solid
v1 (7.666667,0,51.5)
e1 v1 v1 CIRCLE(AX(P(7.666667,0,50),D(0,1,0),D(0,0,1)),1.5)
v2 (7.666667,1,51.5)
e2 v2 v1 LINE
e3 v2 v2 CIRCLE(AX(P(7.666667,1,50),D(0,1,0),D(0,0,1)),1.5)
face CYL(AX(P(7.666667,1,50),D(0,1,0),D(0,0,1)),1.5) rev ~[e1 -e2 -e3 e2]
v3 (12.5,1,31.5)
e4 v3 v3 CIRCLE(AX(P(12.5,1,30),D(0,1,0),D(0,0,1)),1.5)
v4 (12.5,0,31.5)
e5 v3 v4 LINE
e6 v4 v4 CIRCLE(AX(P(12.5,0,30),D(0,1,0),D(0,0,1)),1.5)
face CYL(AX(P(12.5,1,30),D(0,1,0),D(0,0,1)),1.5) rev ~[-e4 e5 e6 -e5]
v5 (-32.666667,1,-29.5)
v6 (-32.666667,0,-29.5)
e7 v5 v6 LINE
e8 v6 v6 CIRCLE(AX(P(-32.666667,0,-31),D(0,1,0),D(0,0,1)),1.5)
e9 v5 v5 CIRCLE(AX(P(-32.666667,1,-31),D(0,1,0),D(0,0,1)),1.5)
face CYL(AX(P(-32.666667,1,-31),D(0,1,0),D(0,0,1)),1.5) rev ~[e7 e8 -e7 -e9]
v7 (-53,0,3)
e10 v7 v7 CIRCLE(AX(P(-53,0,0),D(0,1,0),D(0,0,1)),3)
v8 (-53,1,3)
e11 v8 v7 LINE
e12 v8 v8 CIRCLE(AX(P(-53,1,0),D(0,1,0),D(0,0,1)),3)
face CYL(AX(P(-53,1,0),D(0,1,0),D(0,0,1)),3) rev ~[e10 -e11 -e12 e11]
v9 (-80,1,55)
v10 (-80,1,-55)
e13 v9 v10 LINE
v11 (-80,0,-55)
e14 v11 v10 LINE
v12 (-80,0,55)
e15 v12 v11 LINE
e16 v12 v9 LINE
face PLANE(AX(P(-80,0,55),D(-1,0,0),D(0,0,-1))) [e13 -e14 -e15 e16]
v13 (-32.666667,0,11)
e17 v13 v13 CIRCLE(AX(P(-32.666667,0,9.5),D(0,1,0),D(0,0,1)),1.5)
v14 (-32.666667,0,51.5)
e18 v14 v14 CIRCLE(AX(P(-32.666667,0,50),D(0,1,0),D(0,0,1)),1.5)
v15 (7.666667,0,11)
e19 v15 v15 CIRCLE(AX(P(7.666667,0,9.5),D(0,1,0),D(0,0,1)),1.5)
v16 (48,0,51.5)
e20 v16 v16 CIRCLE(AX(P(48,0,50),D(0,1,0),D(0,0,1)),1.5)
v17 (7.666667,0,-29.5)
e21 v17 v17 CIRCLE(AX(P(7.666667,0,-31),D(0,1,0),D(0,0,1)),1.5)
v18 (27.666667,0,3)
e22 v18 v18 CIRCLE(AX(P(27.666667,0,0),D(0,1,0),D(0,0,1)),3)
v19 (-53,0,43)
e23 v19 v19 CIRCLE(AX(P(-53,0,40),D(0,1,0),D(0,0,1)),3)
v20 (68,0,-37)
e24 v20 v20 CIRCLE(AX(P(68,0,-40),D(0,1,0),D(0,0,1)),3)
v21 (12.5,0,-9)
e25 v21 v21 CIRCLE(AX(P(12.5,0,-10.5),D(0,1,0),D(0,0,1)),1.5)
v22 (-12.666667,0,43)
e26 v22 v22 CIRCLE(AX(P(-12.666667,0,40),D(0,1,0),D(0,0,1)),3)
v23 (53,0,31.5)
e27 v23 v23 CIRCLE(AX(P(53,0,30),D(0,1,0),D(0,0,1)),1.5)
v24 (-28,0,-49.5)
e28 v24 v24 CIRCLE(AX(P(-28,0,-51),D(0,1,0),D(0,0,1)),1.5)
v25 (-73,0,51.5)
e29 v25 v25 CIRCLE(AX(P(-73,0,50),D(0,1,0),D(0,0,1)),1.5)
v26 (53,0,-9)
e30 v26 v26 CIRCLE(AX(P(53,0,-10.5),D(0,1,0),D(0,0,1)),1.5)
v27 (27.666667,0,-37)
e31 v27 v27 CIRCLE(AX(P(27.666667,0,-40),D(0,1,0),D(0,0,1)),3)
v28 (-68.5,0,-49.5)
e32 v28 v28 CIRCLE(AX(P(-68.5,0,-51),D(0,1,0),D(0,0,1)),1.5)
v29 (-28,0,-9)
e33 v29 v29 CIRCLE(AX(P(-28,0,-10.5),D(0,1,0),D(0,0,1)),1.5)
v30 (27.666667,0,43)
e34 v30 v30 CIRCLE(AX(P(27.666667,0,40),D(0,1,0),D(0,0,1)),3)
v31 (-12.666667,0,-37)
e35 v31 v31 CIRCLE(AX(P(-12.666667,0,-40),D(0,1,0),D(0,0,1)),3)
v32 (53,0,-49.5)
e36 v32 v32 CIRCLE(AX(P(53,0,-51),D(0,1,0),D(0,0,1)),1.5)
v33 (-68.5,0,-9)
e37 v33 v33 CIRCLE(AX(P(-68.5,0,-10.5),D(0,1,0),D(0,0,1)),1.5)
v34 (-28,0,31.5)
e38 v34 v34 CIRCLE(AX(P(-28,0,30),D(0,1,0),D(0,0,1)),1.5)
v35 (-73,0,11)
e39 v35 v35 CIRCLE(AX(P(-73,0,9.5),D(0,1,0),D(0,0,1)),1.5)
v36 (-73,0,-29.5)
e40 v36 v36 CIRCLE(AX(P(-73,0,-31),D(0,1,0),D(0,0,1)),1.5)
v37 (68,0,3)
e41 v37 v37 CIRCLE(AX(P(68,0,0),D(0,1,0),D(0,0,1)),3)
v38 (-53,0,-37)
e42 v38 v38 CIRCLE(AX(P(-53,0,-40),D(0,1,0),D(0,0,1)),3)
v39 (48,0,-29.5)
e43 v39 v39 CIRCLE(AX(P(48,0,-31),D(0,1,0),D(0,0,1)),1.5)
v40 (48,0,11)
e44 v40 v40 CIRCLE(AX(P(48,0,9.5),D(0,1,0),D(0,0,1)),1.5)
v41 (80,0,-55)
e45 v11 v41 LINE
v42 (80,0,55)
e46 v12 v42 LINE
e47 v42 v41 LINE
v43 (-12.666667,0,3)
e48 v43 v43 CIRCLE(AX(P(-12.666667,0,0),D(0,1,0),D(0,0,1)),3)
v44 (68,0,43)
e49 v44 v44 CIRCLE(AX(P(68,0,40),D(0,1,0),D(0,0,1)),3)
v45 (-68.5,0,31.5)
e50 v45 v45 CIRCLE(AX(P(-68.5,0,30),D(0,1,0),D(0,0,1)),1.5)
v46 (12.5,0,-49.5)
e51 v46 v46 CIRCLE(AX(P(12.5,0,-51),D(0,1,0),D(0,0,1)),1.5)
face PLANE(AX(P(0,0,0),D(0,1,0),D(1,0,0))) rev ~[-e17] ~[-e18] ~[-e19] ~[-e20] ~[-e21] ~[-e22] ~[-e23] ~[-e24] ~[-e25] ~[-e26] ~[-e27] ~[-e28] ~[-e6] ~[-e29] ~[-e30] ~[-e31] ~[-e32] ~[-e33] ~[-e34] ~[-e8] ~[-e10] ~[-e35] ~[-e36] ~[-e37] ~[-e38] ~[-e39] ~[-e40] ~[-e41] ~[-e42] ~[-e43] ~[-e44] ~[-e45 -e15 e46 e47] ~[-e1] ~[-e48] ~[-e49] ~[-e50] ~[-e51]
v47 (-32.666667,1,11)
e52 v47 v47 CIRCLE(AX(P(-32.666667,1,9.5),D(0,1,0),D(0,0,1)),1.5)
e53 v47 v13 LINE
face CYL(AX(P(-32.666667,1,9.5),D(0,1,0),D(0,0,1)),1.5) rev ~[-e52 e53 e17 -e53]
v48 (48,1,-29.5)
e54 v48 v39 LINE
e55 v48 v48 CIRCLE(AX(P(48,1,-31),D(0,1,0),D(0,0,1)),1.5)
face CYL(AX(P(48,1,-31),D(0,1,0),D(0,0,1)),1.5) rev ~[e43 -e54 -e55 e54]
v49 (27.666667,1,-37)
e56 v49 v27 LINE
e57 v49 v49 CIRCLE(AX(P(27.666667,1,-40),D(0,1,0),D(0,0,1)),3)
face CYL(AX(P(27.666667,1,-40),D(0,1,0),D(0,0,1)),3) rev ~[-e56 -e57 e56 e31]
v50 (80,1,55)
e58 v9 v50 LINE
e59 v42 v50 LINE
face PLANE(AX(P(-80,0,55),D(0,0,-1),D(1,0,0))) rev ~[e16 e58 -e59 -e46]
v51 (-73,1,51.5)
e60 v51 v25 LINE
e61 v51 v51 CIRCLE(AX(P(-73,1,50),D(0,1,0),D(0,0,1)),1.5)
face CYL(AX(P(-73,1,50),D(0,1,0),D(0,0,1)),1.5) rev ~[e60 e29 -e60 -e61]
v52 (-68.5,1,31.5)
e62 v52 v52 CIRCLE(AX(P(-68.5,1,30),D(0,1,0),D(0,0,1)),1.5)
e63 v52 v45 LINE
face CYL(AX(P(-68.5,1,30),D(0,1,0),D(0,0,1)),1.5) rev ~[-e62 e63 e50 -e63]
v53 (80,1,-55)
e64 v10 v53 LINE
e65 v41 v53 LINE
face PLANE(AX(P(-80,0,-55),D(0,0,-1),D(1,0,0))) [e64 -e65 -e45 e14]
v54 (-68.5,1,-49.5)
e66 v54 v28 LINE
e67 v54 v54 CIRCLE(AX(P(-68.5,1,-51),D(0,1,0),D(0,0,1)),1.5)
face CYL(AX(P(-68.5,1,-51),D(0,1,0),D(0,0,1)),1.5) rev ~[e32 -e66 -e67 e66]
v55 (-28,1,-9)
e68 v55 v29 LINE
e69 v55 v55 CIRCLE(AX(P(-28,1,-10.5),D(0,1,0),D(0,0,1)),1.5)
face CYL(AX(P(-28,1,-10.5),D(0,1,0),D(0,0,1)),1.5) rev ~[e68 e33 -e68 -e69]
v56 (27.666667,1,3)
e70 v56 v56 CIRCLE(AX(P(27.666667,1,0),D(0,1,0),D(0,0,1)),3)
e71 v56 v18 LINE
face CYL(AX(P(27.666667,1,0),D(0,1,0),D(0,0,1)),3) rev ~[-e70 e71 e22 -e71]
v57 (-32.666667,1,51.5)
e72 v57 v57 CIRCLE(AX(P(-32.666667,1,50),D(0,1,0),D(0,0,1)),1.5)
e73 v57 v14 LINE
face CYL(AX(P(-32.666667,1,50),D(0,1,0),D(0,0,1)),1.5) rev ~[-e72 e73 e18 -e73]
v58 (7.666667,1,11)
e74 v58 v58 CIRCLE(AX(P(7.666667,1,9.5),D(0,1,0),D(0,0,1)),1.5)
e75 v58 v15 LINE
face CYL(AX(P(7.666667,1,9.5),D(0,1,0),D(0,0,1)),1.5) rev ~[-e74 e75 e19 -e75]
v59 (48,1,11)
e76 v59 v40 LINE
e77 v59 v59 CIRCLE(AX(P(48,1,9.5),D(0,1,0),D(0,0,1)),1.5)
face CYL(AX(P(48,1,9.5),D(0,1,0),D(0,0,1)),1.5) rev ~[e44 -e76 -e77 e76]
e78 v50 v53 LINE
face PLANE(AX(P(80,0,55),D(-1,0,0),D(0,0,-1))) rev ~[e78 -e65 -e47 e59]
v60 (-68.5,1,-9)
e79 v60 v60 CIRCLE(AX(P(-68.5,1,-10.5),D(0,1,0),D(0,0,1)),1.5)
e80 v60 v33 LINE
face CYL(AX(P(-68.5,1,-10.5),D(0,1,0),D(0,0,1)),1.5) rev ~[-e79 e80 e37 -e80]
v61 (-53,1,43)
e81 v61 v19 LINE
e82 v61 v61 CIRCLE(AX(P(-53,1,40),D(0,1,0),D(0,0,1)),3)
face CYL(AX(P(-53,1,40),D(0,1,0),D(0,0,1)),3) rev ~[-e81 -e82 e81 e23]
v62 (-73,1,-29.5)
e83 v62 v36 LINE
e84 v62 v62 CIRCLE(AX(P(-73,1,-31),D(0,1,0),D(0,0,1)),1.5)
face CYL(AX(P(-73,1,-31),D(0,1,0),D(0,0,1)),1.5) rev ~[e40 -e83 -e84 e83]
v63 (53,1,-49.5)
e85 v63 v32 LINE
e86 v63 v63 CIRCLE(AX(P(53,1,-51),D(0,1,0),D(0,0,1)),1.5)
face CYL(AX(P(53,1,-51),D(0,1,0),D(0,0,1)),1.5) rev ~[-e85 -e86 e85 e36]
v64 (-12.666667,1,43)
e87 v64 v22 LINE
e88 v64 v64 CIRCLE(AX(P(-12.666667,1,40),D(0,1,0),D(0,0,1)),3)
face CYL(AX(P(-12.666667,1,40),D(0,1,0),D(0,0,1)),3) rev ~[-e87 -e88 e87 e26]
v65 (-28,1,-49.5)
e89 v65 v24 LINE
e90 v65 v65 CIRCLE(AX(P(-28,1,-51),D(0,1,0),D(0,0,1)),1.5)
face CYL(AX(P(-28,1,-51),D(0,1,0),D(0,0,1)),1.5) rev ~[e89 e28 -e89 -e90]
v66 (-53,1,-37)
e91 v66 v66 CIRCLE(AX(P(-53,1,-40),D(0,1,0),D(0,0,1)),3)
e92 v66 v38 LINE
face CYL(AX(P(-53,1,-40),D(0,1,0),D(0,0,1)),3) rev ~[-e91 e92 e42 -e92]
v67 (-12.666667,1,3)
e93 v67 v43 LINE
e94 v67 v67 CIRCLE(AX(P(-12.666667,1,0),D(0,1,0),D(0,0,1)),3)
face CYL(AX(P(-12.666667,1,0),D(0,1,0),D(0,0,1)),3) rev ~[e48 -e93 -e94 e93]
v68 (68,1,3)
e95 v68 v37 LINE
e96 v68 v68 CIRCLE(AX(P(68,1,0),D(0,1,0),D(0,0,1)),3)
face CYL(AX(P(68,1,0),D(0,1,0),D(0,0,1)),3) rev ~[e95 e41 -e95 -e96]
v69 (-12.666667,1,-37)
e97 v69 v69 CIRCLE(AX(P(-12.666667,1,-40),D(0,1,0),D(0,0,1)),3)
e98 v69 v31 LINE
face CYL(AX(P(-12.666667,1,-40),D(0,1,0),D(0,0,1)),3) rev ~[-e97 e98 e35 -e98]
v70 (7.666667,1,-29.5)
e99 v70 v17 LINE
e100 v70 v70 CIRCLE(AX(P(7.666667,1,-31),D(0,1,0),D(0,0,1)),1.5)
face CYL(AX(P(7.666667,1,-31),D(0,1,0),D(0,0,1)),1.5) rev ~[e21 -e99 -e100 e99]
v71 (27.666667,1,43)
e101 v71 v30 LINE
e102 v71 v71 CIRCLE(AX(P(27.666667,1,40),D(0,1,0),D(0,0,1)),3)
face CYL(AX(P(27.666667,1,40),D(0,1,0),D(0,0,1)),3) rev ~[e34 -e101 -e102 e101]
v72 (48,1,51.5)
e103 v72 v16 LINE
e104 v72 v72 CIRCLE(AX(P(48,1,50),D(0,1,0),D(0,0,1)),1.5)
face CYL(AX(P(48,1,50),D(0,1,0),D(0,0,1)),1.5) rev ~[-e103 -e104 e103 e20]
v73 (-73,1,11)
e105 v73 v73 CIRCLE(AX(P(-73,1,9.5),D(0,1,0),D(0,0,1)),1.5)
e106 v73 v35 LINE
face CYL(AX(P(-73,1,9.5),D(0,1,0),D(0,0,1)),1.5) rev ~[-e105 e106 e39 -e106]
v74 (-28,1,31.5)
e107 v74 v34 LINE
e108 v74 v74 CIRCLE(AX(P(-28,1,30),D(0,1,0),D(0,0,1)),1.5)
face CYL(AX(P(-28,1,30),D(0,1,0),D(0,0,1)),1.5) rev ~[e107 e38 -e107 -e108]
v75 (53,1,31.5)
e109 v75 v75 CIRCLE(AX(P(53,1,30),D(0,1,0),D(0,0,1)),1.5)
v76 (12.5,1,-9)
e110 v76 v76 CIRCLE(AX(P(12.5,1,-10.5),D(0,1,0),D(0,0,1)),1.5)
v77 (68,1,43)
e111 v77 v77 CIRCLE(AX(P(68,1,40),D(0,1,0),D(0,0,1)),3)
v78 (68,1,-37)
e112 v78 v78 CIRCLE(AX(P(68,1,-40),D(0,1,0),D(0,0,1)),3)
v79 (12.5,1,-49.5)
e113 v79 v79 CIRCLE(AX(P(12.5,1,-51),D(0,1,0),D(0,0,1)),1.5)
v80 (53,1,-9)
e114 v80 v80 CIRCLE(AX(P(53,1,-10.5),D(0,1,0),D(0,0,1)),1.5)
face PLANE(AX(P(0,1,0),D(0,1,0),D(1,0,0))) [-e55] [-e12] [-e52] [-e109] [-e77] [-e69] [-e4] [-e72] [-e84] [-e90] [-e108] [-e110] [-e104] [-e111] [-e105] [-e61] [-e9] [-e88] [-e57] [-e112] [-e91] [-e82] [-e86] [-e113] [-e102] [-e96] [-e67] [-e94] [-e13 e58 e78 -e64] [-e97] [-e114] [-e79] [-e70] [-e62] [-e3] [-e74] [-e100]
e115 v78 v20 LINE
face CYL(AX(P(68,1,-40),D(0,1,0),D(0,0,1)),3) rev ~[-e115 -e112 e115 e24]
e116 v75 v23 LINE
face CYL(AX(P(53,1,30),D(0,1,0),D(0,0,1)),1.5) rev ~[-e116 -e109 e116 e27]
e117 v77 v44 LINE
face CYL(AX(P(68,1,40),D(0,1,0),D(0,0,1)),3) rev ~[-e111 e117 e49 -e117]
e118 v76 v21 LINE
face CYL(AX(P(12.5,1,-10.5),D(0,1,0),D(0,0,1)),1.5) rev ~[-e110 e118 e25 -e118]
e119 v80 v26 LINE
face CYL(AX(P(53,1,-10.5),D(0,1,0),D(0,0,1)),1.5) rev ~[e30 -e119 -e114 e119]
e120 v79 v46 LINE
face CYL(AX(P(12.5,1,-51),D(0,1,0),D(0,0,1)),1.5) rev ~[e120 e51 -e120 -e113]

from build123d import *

# Parameters (mm, degrees)
SKETCH1_W           = 160
SKETCH1_H           = 110
BOSS_EXTRUDE1_DEPTH = 1
SKETCH2_R           = 3
SKETCH2_R_2         = 1.5
CUT_EXTRUDE1_DEPTH  = 1


with BuildPart() as part:
    # Sketch1 → Boss-Extrude1 (new body)
    with BuildSketch(Plane(origin=(0, 0, 0), x_dir=(1, 0, 0), z_dir=(0, 1, 0))):
        Rectangle(SKETCH1_W, SKETCH1_H)
    extrude(amount=BOSS_EXTRUDE1_DEPTH)

    # Sketch2 → Cut-Extrude1 (cut)
    with BuildSketch(Plane(origin=(0, 1, 0), x_dir=(1, 0, 0), z_dir=(0, 1, 0))):
        with Locations(Location((-53, 40, 0), (0, 0, 270))):
            Circle(SKETCH2_R)
        with Locations(Location((-12.666666667, 40, 0), (0, 0, 270))):
            Circle(SKETCH2_R)
        with Locations(Location((27.666666667, 40, 0), (0, 0, 270))):
            Circle(SKETCH2_R)
        with Locations(Location((68, 40, 0), (0, 0, 270))):
            Circle(SKETCH2_R)
        with Locations(Location((-12.666666667, 0, 0), (0, 0, 270))):
            Circle(SKETCH2_R)
        with Locations(Location((27.666666667, 0, 0), (0, 0, 270))):
            Circle(SKETCH2_R)
        with Locations(Location((68, 0, 0), (0, 0, 270))):
            Circle(SKETCH2_R)
        with Locations(Location((-12.666666667, -40, 0), (0, 0, 270))):
            Circle(SKETCH2_R)
        with Locations(Location((27.666666667, -40, 0), (0, 0, 270))):
            Circle(SKETCH2_R)
        with Locations(Location((68, -40, 0), (0, 0, 270))):
            Circle(SKETCH2_R)
        with Locations(Location((-53, 0, 0), (0, 0, 270))):
            Circle(SKETCH2_R)
        with Locations(Location((-53, -40, 0), (0, 0, 270))):
            Circle(SKETCH2_R)
        with Locations(Location((-68.5, 51, 0), (0, 0, 270))):
            Circle(SKETCH2_R_2)
        with Locations(Location((-28, 51, 0), (0, 0, 270))):
            Circle(SKETCH2_R_2)
        with Locations(Location((12.5, 51, 0), (0, 0, 270))):
            Circle(SKETCH2_R_2)
        with Locations(Location((53, 51, 0), (0, 0, 270))):
            Circle(SKETCH2_R_2)
        with Locations(Location((-28, 10.5, 0), (0, 0, 270))):
            Circle(SKETCH2_R_2)
        with Locations(Location((12.5, 10.5, 0), (0, 0, 270))):
            Circle(SKETCH2_R_2)
        with Locations(Location((53, 10.5, 0), (0, 0, 270))):
            Circle(SKETCH2_R_2)
        with Locations(Location((-28, -30, 0), (0, 0, 270))):
            Circle(SKETCH2_R_2)
        with Locations(Location((12.5, -30, 0), (0, 0, 270))):
            Circle(SKETCH2_R_2)
        with Locations(Location((53, -30, 0), (0, 0, 270))):
            Circle(SKETCH2_R_2)
        with Locations(Location((-68.5, 10.5, 0), (0, 0, 270))):
            Circle(SKETCH2_R_2)
        with Locations(Location((-68.5, -30, 0), (0, 0, 270))):
            Circle(SKETCH2_R_2)
        with Locations(Location((-73, 31, 0), (0, 0, 270))):
            Circle(SKETCH2_R_2)
        with Locations(Location((-32.666666667, 31, 0), (0, 0, 270))):
            Circle(SKETCH2_R_2)
        with Locations(Location((7.666666667, 31, 0), (0, 0, 270))):
            Circle(SKETCH2_R_2)
        with Locations(Location((48, 31, 0), (0, 0, 270))):
            Circle(SKETCH2_R_2)
        with Locations(Location((-32.666666667, -9.5, 0), (0, 0, 270))):
            Circle(SKETCH2_R_2)
        with Locations(Location((7.666666667, -9.5, 0), (0, 0, 270))):
            Circle(SKETCH2_R_2)
        with Locations(Location((48, -9.5, 0), (0, 0, 270))):
            Circle(SKETCH2_R_2)
        with Locations(Location((-32.666666667, -50, 0), (0, 0, 270))):
            Circle(SKETCH2_R_2)
        with Locations(Location((7.666666667, -50, 0), (0, 0, 270))):
            Circle(SKETCH2_R_2)
        with Locations(Location((48, -50, 0), (0, 0, 270))):
            Circle(SKETCH2_R_2)
        with Locations(Location((-73, -9.5, 0), (0, 0, 270))):
            Circle(SKETCH2_R_2)
        with Locations(Location((-73, -50, 0), (0, 0, 270))):
            Circle(SKETCH2_R_2)
    extrude(amount=-CUT_EXTRUDE1_DEPTH, mode=Mode.SUBTRACT)


solid = part.part
